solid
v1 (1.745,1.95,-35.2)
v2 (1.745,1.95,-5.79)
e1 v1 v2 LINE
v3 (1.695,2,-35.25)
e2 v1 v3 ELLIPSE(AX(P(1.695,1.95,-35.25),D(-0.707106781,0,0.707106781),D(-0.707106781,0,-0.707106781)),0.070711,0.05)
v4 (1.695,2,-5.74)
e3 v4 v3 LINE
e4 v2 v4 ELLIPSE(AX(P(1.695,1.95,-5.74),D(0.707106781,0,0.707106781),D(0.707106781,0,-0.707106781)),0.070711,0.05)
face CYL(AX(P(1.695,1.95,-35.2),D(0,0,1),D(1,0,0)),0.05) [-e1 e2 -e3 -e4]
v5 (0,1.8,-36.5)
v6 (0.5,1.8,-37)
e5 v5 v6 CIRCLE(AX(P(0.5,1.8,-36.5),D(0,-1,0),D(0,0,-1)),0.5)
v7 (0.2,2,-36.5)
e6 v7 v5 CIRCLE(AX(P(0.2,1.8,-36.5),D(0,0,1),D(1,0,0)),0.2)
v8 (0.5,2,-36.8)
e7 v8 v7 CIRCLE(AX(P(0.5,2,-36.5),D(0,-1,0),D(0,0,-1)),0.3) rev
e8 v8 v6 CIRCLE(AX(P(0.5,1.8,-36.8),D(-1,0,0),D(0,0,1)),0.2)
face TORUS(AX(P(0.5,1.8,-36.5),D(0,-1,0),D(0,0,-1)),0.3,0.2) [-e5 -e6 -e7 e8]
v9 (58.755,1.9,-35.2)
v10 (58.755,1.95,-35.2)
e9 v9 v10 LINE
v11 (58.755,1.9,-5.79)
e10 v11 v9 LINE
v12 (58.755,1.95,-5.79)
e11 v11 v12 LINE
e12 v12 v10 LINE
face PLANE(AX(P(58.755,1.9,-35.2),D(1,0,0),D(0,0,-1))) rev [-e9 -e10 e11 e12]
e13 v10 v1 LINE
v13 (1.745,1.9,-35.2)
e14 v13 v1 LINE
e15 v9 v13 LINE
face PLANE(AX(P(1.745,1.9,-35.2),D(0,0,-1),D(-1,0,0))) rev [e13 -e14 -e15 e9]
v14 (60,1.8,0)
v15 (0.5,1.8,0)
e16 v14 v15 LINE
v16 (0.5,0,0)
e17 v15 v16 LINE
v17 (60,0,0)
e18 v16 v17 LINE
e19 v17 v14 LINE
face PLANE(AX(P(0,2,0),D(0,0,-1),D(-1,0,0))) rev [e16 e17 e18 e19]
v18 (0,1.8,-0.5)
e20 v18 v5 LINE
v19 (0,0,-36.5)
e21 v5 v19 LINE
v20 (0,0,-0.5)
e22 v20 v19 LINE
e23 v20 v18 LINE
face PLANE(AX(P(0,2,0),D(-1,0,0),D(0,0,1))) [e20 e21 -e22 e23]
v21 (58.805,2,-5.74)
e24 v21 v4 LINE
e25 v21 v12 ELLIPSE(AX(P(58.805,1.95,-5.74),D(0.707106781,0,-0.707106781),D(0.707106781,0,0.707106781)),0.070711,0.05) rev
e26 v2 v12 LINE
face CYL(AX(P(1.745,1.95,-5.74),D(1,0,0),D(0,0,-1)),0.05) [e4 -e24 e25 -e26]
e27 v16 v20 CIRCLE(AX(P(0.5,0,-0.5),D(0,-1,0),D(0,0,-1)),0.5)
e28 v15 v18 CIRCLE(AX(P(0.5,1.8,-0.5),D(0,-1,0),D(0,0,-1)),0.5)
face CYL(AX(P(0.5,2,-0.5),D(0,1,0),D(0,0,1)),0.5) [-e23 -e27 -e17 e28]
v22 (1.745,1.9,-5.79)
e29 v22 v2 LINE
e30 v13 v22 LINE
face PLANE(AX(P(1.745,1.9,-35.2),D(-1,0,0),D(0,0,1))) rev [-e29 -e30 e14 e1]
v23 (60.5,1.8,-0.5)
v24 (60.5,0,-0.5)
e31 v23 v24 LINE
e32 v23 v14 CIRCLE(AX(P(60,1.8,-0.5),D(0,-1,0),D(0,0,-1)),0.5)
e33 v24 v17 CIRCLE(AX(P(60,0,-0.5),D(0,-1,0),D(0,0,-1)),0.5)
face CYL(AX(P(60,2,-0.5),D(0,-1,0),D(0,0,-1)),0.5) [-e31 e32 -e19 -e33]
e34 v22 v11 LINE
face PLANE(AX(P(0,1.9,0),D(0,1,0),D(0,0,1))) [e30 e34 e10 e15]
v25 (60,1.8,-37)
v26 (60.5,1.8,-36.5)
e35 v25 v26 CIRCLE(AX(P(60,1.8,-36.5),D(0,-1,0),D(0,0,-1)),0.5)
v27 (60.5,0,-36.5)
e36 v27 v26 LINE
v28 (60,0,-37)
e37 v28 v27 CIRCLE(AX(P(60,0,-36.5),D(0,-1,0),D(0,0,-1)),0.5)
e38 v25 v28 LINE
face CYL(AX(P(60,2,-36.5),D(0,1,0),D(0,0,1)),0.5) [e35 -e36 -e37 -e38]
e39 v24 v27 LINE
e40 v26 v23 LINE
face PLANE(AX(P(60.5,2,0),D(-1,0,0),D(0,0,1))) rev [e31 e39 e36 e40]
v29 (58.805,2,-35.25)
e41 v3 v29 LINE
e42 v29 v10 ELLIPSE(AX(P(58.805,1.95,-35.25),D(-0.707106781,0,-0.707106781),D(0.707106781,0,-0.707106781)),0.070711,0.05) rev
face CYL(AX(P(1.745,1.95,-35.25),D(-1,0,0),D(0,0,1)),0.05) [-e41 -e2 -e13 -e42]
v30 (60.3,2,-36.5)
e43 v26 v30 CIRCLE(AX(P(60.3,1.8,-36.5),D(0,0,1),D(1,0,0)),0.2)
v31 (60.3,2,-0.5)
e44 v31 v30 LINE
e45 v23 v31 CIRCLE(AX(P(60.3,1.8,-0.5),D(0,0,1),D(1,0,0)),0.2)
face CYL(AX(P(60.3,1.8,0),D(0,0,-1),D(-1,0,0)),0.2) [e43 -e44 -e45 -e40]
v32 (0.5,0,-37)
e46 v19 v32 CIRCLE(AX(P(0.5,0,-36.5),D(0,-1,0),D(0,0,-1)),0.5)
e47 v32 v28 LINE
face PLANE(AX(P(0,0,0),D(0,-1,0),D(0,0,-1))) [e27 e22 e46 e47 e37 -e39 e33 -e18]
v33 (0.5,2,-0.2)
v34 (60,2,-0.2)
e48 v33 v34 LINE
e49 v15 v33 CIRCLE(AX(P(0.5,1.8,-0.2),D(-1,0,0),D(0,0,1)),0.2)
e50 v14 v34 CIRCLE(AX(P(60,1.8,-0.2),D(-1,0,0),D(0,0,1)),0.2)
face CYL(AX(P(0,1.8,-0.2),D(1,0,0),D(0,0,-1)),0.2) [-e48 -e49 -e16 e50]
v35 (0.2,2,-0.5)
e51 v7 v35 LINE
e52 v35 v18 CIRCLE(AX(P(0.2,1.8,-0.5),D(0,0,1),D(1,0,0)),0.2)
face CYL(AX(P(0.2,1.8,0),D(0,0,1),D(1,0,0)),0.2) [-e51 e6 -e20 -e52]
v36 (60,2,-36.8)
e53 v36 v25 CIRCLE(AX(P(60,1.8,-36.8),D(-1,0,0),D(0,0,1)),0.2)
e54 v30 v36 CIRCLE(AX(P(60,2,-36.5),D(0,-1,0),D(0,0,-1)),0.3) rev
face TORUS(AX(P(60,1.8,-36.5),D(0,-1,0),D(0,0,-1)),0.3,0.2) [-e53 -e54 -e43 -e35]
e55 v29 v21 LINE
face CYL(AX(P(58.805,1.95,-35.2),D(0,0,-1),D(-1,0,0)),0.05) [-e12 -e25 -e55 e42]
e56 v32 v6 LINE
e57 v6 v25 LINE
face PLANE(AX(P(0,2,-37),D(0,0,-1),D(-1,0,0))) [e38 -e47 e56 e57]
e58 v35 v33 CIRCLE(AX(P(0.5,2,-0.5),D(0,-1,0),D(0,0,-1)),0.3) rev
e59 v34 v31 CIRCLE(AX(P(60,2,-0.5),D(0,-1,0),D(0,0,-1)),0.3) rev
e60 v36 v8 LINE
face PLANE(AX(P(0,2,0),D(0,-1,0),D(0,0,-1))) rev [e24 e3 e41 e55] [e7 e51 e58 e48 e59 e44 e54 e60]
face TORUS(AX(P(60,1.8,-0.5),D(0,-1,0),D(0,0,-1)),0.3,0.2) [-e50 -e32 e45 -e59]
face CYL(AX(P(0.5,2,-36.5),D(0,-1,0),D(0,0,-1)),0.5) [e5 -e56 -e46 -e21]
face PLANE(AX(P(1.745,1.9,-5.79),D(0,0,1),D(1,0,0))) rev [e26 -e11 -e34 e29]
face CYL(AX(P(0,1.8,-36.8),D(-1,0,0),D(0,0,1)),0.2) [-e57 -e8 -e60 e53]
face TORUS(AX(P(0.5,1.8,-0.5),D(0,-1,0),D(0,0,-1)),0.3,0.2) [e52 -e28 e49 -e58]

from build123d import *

# Parameters (mm, degrees)
SKETCH1_W           = 60.5
SKETCH1_H           = 37
BOSS_EXTRUDE1_DEPTH = 2
SKETCH2_W           = 57.01
SKETCH2_H           = 29.41
CUT_EXTRUDE1_DEPTH  = 0.1
FILLET1_R           = 0.5
FILLET2_R           = 0.2
FILLET3_R           = 0.05


with BuildPart() as part:
    # Sketch1 → Boss-Extrude1 (new body)
    with BuildSketch(Plane(origin=(0, 0, 0), x_dir=(1, 0, 0), z_dir=(0, 1, 0))):
        with Locations((30.25, 18.5)):
            Rectangle(SKETCH1_W, SKETCH1_H)
    extrude(amount=BOSS_EXTRUDE1_DEPTH)

    # Sketch2 → Cut-Extrude1 (cut)
    with BuildSketch(Plane(origin=(0, 2, 0), x_dir=(1, 0, 0), z_dir=(0, 1, 0))):
        with Locations((30.25, 20.495)):
            Rectangle(SKETCH2_W, SKETCH2_H)
    extrude(amount=-CUT_EXTRUDE1_DEPTH, mode=Mode.SUBTRACT)

    # Fillet1
    fillet1_edges = [part.edges().sort_by_distance(p)[0] for p in [
        (0, 1, 0),
        (60.5, 1, 0),
        (60.5, 1, -37),
        (0, 1, -37),
    ]]
    fillet(fillet1_edges, radius=FILLET1_R)

    # Fillet2
    fillet2_edges = [part.edges().sort_by_distance(p)[0] for p in [
        (30.25, 2, 0),
        (0, 2, -18.5),
        (60.5, 2, -18.5),
        (30.25, 2, -37),
        (0.146446609, 2, -36.853553391),
        (60.353553391, 2, -36.853553391),
        (60.353553391, 2, -0.146446609),
        (0.146446609, 2, -0.146446609),
    ]]
    fillet(fillet2_edges, radius=FILLET2_R)

    # Fillet3
    fillet3_edges = [part.edges().sort_by_distance(p)[0] for p in [
        (1.745, 2, -20.495),
        (30.25, 2, -5.79),
        (58.755, 2, -20.495),
        (30.25, 2, -35.2),
    ]]
    fillet(fillet3_edges, radius=FILLET3_R)


solid = part.part
